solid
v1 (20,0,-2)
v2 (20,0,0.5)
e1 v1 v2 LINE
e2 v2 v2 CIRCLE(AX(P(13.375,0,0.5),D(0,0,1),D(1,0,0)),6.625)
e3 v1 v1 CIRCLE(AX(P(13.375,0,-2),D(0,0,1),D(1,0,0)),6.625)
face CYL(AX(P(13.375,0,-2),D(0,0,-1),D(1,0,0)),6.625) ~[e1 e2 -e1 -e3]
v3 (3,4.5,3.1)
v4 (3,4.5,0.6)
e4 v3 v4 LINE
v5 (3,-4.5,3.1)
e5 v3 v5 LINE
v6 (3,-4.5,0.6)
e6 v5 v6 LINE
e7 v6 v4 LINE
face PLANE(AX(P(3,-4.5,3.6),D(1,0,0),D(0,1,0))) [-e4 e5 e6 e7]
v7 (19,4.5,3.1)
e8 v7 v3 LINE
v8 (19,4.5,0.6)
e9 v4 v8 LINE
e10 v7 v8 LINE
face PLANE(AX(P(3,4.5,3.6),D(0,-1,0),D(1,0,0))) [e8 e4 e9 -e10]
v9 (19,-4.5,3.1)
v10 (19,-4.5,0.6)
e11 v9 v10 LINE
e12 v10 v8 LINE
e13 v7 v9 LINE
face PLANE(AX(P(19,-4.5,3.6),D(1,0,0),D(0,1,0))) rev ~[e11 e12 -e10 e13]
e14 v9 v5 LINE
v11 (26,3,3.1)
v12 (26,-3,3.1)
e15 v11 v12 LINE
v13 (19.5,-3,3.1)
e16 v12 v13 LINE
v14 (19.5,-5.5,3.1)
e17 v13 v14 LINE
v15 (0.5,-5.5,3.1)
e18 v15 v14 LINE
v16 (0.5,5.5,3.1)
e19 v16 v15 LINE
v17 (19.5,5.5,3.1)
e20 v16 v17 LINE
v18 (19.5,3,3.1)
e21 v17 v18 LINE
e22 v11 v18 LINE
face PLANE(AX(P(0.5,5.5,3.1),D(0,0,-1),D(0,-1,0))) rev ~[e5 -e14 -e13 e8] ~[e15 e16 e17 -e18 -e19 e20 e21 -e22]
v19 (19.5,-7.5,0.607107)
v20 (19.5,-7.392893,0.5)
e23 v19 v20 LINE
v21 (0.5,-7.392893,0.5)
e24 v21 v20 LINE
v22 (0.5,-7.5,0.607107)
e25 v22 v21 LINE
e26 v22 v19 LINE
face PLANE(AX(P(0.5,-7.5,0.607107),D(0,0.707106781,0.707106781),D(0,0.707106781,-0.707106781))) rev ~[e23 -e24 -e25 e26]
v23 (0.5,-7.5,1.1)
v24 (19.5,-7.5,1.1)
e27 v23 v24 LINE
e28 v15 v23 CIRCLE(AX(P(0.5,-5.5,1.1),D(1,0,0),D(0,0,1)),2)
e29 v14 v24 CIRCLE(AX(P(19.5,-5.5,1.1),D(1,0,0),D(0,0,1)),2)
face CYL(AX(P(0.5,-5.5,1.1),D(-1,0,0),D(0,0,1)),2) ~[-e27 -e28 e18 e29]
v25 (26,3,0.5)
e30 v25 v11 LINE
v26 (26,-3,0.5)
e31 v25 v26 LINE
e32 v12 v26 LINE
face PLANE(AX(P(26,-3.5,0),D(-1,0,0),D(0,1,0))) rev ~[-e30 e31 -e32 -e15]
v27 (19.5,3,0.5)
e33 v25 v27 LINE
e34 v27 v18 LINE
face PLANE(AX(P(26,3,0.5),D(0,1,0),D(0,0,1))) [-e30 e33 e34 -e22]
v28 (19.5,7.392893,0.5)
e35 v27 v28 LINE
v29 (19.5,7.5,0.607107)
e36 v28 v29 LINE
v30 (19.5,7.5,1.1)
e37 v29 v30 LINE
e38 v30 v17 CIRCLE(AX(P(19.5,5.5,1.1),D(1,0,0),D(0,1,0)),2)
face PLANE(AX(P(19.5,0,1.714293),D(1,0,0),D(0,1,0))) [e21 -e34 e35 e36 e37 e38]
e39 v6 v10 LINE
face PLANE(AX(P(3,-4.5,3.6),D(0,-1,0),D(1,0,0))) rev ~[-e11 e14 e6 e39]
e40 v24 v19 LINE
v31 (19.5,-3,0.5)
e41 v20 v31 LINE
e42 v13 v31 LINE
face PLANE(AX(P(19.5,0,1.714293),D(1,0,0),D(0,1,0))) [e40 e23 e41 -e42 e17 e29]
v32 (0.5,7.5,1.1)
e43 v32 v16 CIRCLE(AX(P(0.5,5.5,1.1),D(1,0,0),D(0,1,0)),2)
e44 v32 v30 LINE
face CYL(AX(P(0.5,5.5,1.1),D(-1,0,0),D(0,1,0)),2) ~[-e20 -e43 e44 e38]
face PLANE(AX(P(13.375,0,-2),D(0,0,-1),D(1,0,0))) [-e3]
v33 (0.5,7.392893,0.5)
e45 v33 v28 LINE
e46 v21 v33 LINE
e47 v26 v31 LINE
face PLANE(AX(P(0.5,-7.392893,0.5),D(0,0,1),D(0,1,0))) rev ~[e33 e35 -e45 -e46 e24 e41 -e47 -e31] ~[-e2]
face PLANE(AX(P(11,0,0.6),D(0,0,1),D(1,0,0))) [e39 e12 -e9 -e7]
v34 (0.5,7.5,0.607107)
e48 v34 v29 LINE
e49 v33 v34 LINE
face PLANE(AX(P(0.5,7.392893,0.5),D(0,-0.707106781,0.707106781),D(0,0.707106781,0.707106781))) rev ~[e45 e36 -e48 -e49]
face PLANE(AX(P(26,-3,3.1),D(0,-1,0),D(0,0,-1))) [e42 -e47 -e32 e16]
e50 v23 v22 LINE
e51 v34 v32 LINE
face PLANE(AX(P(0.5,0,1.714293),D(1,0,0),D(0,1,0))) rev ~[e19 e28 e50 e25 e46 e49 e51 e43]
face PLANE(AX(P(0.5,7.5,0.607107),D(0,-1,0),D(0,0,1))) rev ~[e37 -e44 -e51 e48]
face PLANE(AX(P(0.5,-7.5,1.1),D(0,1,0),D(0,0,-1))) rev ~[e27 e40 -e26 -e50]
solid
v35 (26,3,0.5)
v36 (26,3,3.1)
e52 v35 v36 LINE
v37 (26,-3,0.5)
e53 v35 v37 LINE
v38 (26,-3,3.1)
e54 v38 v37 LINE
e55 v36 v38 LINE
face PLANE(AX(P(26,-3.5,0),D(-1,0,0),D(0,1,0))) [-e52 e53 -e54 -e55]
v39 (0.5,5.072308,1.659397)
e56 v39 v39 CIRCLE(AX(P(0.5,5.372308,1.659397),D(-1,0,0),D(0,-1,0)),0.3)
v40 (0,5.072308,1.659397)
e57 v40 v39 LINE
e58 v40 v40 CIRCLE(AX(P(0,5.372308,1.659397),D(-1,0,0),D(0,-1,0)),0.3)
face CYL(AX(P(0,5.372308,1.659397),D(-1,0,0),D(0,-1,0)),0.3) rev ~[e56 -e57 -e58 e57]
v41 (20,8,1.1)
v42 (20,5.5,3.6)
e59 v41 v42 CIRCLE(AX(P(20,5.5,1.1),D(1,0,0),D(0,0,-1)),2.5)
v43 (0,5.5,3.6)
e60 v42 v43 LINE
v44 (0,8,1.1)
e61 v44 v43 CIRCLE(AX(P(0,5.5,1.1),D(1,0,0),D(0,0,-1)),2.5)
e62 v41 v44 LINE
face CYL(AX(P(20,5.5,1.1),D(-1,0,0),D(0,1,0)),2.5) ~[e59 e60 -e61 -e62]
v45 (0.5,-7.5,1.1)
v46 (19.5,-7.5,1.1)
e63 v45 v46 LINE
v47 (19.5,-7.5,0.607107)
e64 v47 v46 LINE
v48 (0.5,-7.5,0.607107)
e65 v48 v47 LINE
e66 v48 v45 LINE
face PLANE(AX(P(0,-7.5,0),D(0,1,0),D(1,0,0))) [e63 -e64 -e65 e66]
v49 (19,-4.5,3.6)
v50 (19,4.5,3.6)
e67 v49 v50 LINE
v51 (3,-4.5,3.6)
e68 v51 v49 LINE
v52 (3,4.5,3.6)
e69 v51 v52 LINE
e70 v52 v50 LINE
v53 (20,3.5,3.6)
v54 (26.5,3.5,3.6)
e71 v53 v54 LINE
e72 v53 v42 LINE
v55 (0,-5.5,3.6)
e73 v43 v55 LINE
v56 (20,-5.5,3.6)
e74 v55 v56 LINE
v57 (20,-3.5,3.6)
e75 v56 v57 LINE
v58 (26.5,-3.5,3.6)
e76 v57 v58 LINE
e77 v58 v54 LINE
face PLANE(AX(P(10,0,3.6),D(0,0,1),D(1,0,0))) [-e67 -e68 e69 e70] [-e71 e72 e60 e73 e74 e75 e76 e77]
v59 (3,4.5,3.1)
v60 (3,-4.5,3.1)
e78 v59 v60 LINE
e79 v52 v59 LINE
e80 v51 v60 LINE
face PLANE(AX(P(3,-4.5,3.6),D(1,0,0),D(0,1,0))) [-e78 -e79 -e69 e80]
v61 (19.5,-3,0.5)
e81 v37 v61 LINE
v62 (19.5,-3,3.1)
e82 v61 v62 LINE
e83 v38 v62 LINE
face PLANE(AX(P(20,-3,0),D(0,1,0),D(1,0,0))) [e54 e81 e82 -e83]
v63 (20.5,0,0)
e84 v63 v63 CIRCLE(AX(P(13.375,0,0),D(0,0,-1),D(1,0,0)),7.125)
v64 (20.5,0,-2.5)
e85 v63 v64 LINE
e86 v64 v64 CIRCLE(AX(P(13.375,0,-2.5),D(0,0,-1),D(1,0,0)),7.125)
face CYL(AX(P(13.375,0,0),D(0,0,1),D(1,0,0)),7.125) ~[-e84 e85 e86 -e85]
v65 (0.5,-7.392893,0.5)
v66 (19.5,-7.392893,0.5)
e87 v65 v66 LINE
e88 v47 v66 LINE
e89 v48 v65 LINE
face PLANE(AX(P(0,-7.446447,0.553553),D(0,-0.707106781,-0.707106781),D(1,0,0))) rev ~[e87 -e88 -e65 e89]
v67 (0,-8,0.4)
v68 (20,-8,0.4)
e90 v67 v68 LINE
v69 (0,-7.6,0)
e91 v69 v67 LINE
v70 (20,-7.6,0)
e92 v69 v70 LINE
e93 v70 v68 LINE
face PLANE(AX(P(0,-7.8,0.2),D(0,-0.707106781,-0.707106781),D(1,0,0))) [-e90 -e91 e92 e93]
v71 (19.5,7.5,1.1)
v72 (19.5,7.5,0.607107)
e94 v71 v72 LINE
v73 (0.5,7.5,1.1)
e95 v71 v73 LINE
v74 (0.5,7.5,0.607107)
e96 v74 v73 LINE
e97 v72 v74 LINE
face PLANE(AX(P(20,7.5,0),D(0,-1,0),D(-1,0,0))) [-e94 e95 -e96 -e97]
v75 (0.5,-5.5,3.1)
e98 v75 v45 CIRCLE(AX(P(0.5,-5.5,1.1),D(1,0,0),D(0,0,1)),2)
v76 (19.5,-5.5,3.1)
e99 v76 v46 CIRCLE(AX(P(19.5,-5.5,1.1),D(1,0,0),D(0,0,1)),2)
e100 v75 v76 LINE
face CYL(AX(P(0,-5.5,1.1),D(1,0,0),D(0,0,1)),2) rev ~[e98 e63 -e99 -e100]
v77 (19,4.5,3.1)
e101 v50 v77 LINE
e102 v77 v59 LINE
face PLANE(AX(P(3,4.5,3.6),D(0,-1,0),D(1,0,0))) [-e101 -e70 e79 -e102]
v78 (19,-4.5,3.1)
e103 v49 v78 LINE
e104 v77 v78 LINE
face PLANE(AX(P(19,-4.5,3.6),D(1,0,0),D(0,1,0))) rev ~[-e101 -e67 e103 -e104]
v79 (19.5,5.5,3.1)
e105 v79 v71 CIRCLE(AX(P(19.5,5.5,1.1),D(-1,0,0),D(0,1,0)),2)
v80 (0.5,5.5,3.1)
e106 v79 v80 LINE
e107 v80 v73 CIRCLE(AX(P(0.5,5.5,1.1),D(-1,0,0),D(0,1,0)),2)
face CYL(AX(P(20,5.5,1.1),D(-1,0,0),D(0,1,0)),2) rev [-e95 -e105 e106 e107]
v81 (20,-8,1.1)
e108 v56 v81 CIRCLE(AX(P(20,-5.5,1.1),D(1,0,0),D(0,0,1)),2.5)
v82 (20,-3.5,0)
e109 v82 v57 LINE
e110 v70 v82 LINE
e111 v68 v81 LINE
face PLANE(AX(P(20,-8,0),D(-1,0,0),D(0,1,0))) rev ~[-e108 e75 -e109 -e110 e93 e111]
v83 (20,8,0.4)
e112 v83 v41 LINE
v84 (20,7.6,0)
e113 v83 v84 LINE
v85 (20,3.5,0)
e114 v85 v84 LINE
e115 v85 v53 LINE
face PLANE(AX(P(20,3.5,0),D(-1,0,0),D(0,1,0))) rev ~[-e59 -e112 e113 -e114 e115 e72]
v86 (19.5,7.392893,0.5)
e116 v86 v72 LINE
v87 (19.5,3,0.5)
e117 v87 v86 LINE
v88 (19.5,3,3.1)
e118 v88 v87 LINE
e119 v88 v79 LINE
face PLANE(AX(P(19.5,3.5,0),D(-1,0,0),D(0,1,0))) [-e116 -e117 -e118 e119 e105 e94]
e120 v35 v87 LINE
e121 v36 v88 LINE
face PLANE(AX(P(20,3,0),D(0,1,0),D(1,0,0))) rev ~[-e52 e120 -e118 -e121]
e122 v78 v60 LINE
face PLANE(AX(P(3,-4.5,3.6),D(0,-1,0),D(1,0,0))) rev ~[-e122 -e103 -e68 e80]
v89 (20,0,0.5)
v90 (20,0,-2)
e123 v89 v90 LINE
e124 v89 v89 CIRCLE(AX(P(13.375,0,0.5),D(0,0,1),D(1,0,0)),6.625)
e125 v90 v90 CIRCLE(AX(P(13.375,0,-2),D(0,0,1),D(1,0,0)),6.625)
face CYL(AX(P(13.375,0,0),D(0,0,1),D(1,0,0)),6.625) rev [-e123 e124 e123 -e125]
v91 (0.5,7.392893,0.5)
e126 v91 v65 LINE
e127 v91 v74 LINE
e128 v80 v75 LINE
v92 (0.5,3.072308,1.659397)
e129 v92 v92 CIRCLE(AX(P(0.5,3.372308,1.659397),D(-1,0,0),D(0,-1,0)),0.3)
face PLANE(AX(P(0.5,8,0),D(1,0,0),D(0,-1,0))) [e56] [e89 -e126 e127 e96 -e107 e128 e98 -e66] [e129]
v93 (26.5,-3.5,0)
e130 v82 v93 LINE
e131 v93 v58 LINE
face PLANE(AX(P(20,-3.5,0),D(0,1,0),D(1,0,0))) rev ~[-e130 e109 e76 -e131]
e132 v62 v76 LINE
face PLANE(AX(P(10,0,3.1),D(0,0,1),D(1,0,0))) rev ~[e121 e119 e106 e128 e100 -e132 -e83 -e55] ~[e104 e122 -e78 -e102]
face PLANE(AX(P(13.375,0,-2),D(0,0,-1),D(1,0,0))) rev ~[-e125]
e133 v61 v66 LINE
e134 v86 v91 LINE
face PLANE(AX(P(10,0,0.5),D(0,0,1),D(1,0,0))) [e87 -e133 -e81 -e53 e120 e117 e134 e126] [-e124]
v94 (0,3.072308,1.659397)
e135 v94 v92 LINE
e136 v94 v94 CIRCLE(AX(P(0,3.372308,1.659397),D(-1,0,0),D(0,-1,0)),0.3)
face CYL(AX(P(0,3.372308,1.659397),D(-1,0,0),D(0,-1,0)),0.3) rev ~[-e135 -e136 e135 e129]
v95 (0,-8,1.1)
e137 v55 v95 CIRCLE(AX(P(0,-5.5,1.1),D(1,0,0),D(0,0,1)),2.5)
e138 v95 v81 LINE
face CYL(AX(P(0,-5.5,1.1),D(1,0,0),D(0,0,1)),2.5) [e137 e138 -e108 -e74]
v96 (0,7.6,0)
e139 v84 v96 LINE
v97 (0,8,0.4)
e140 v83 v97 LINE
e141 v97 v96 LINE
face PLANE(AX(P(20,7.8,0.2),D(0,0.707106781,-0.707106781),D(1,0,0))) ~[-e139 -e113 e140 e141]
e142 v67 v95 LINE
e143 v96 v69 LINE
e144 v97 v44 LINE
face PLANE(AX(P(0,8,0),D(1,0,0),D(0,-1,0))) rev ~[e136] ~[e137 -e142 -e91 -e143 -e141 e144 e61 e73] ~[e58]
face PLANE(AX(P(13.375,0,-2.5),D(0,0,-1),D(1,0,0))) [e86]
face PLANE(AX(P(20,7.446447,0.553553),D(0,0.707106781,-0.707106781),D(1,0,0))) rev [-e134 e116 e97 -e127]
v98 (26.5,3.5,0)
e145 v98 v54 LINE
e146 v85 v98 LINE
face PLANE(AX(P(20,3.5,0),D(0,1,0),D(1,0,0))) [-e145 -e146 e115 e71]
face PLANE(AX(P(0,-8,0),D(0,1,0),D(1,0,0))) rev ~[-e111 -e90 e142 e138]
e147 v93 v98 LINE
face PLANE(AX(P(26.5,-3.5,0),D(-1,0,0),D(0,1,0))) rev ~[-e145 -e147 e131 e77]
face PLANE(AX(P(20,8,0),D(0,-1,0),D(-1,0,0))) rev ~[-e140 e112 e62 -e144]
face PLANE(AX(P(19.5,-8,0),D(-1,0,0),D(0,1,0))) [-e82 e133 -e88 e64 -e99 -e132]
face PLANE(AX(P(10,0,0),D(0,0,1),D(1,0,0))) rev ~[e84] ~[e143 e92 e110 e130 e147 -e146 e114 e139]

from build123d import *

# Parameters (mm, degrees)
F0_W      = 6.5
F0_H      = 7
F1_DEPTH  = 3.6
F2_R      = 7.125
F3_DEPTH  = 2.5
F4_W      = 16
F4_H      = 9
F5_DEPTH  = 3
F6_R      = 2.5
F8_SIZE   = 0.4
F9_T      = -0.5
F10_R     = 0.3
F11_DEPTH = 0.5
F12_DEPTH = 2.5
F13_DEPTH = 6.5
F15_DEPTH = 19
F16_W     = 16
F16_H     = 9
F17_DEPTH = 3


with BuildPart() as f1:
    # F0 (on Top) → F1 (new body)
    with BuildSketch(Plane.XY):
        Polygon((20, 8), (0, 8), (0, -8), (20, -8), (20, -3.5), (20, 3.5), align=None)
        with Locations((23.25, 0)):
            Rectangle(F0_W, F0_H)
    extrude(amount=F1_DEPTH)

    # F2 (on face) → F3 (join)
    with BuildSketch(Plane(origin=(0, 0, 0), x_dir=(1, 0, 0), z_dir=(0, 0, -1))):
        with Locations((13.375, 0)):
            Circle(F2_R)
    extrude(amount=F3_DEPTH)

    # F4 (on face) → F5 (cut)
    with BuildSketch(Plane.XY.offset(3.6)):
        with Locations((11, 0)):
            Rectangle(F4_W, F4_H)
    extrude(amount=-F5_DEPTH, mode=Mode.SUBTRACT)

    # F6
    f6_edges = [f1.edges().sort_by_distance(p)[0] for p in [
        (10, 8, 3.6),
        (10, -8, 3.6),
    ]]
    fillet(f6_edges, radius=F6_R)

    # F8
    f8_edges = [f1.edges().sort_by_distance(p)[0] for p in [
        (10, 8, 0),
        (10, -8, 0),
    ]]
    chamfer(f8_edges, length=F8_SIZE)

    # F9
    f9_openings = [f1.faces().sort_by_distance(p)[0] for p in [
        (11, 0, 0.6),
        (11, 4.5, 2.1),
        (19, 0, 2.1),
        (3, 0, 2.1),
        (11, -4.5, 2.1),
    ]]
    offset(amount=F9_T, openings=f9_openings, kind=Kind.INTERSECTION)

    # F10 (on face) → F11 (cut, through all)
    with BuildSketch(Plane(origin=(0, 0, 0), x_dir=(0, -1, 0), z_dir=(-1, 0, 0))):
        with Locations((-5.3723076627, 1.6593972807)):
            Circle(F10_R)
        with Locations((-3.3723076627, 1.6593972807)):
            Circle(F10_R)
    extrude(amount=-F11_DEPTH, mode=Mode.SUBTRACT)


with BuildPart() as f12:
    # F12 (new, through all): a face of the model
    f12_faces = [f1.part.faces().sort_by_distance(p)[0] for p in [
        (13.375, 0, -2),
    ]]
    extrude(f12_faces, amount=F12_DEPTH)



with BuildPart() as f13:
    # F13 (new, through all): a face of the model
    f13_faces = [f1.part.faces().sort_by_distance(p)[0] for p in [
        (26, 0, 1.8),
    ]]
    extrude(f13_faces, amount=F13_DEPTH)


with BuildPart() as f12_1:
    add(f12.part)

    add(f13.part)  # F15 merges F13
    # F14 (on face) → F15 (join, through all)
    with BuildSketch(Plane.YZ.offset(0.5)):
        with BuildLine():
            Line((7.3928932188, 0.5), (7.5, 0.6071067812))
            Line((7.5, 0.6071067812), (7.5, 1.1))
            ThreePointArc((7.5, 1.1), (6.9142135624, 2.5142135624), (5.5, 3.1))
            Line((5.5, 3.1), (-5.5, 3.1))
            ThreePointArc((-5.5, 3.1), (-6.9142135624, 2.5142135624), (-7.5, 1.1))
            Line((-7.5, 1.1), (-7.5, 0.6071067812))
            Line((-7.5, 0.6071067812), (-7.3928932188, 0.5))
            Line((-7.3928932188, 0.5), (7.3928932188, 0.5))
        make_face()
    extrude(amount=F15_DEPTH)

    # F16 (on face) → F17 (cut)
    with BuildSketch(Plane.XY.offset(3.6)):
        with Locations((11, 0)):
            Rectangle(F16_W, F16_H)
    extrude(amount=-F17_DEPTH, mode=Mode.SUBTRACT)


solid = Compound([f1.part, f12_1.part])
